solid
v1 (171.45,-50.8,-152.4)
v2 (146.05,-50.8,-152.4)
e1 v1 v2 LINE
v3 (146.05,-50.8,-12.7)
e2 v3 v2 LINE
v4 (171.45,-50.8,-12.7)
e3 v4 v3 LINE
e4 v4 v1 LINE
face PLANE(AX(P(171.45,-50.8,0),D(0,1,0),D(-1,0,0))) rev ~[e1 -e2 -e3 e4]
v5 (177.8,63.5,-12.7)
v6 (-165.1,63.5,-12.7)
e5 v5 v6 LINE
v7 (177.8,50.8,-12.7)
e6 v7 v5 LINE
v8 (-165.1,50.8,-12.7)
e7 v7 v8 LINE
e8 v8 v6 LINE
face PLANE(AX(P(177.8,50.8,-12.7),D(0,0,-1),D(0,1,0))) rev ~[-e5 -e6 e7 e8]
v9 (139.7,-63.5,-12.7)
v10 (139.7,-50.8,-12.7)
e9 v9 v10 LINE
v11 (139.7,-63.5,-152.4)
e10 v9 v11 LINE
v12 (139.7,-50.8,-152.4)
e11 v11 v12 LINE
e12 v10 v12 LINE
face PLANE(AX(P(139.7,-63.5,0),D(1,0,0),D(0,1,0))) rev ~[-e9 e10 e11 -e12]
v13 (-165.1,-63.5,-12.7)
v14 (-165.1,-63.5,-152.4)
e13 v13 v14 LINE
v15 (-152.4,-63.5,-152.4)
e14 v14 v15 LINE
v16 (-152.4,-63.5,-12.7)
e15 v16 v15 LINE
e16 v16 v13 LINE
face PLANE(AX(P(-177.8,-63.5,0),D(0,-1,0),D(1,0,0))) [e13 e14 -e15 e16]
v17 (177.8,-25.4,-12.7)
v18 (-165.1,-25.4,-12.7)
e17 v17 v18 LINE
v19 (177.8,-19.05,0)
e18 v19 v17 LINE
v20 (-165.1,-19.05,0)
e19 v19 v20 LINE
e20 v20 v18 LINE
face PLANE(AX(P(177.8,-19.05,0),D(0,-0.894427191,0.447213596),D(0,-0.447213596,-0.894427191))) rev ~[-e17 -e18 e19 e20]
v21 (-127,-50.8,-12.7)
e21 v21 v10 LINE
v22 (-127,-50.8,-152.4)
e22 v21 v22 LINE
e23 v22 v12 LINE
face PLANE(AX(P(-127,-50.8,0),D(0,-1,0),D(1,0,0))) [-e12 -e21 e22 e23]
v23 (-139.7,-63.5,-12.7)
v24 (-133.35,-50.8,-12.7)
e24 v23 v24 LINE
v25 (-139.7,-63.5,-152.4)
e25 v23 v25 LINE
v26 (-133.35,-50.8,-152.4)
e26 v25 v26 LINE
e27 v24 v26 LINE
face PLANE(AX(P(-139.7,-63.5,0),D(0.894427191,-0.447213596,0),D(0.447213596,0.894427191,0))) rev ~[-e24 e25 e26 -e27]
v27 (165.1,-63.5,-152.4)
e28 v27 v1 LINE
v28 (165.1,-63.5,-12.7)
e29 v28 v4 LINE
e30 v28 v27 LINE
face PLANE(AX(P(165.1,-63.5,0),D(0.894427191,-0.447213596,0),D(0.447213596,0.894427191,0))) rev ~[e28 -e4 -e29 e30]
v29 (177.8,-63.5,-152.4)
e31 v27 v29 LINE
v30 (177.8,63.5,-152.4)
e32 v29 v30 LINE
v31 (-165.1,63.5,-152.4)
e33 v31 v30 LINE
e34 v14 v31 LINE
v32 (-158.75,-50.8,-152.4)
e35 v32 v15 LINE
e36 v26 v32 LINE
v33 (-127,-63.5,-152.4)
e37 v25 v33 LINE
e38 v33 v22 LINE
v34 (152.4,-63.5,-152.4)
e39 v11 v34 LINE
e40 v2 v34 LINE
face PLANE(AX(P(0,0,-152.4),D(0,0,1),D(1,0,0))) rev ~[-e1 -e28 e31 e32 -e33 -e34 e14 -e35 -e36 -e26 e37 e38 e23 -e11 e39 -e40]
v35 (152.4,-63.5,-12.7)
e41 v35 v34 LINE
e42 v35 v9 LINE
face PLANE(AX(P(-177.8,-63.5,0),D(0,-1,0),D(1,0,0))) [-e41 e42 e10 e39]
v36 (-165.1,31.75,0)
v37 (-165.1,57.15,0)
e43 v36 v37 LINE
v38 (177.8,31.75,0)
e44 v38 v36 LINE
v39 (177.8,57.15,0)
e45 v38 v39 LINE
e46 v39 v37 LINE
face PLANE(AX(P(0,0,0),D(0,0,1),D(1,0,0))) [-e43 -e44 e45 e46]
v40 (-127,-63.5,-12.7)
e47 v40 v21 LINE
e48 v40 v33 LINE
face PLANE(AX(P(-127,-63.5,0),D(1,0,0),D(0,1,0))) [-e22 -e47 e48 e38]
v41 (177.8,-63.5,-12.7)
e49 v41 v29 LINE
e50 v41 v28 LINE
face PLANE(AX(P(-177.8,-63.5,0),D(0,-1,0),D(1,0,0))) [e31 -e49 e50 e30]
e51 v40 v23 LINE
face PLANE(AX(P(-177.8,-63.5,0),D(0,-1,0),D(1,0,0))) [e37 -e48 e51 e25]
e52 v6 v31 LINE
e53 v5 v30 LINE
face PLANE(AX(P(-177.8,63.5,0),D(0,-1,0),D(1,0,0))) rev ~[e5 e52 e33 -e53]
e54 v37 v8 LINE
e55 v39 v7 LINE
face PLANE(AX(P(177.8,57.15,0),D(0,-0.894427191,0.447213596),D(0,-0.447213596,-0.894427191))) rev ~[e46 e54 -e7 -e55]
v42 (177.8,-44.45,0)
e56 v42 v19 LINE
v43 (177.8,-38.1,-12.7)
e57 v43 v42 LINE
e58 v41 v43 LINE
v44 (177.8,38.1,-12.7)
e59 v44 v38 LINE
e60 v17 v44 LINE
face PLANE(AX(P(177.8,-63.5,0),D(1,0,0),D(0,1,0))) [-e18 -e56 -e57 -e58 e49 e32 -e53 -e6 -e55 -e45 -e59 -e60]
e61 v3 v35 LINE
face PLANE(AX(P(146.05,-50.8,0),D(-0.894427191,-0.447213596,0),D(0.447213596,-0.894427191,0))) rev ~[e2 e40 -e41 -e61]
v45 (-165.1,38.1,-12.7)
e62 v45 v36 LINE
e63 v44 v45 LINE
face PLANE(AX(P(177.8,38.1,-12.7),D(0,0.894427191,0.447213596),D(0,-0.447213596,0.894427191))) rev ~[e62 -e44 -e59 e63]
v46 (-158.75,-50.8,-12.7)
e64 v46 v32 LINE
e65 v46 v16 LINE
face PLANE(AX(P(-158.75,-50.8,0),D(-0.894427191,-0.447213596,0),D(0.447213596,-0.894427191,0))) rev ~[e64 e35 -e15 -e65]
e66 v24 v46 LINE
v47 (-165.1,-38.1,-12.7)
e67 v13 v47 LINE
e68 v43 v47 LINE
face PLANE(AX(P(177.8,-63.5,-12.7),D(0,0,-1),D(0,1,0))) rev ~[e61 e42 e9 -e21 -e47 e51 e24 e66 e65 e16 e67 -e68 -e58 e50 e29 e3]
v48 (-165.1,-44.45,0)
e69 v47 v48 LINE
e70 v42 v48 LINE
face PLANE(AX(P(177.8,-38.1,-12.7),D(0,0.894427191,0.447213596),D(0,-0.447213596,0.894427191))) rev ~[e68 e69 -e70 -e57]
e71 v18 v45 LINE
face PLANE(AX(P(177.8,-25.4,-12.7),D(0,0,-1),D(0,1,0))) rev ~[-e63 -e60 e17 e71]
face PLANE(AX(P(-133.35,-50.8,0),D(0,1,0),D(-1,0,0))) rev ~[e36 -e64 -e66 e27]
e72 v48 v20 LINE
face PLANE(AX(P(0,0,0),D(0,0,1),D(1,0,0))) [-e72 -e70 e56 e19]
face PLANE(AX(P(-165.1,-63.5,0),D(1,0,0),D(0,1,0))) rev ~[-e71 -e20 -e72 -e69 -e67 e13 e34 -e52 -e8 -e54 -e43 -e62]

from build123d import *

# Parameters (mm, degrees)
F0_W     = 355.6
F0_H     = 127
F1_DEPTH = 152.4
F2_W     = 266.7
F2_H     = 12.7
F3_DEPTH = 152.4
F4_W     = 12.7
F4_H     = 12.7
F4_H_2   = 6.35
F4_H_3   = 38.1
F5_DEPTH = 152.4
F6_W     = 12.7
F6_H     = 12.7
F6_W_2   = 6.35
F6_W_3   = 38.1
F7_DEPTH = 342.9


with BuildPart() as f1:
    # F0 (on Top) → F1 (new body)
    with BuildSketch(Plane.XY):
        Rectangle(F0_W, F0_H)
    extrude(amount=-F1_DEPTH)

    # F2 (on face) → F3 (cut)
    with BuildSketch(Plane.XY):
        Polygon((152.4, -63.5), (165.1, -63.5), (171.45, -50.8), (146.05, -50.8), align=None)
        with Locations((6.35, -57.15)):
            Rectangle(F2_W, F2_H)
        Polygon((-139.7, -63.5), (-133.35, -50.8), (-158.75, -50.8), (-152.4, -63.5), align=None)
    extrude(amount=-F3_DEPTH, mode=Mode.SUBTRACT)

    # F4 (on face) → F5 (cut)
    with BuildSketch(Plane.XY):
        with Locations((-171.45, -57.15)):
            Rectangle(F4_W, F4_H)
        Polygon((-165.1, 57.15), (-177.8, 57.15), (-177.8, 50.8), align=None)
        with Locations((-171.45, 60.325)):
            Rectangle(F4_W, F4_H_2)
        Polygon((-177.8, 31.75), (-165.1, 31.75), (-177.8, 38.1), align=None)
        with Locations((-171.45, 28.575)):
            Rectangle(F4_W, F4_H_2)
        with Locations((-171.45, -15.875)):
            Rectangle(F4_W, F4_H_2)
        Polygon((-177.8, -25.4), (-165.1, -19.05), (-177.8, -19.05), align=None)
        Polygon((-177.8, -44.45), (-165.1, -44.45), (-177.8, -38.1), align=None)
        with Locations((-171.45, -47.625)):
            Rectangle(F4_W, F4_H_2)
        with Locations((-171.45, 6.35)):
            Rectangle(F4_W, F4_H_3)
        Polygon((-165.1, -44.45), (-165.1, -19.05), (-177.8, -25.4), (-177.8, -38.1), align=None)
        Polygon((-165.1, 31.75), (-165.1, 57.15), (-177.8, 50.8), (-177.8, 38.1), align=None)
    extrude(amount=-F5_DEPTH, mode=Mode.SUBTRACT)

    # F6 (on face) → F7 (cut)
    with BuildSketch(Plane.YZ.offset(177.8)):
        with Locations((-57.15, -6.35)):
            Rectangle(F6_W, F6_H)
        with Locations((-47.625, -6.35)):
            Rectangle(F6_W_2, F6_H)
        Polygon((-38.1, -12.7), (-44.45, 0), (-44.45, -12.7), align=None)
        Polygon((-19.05, -12.7), (-19.05, 0), (-25.4, -12.7), align=None)
        with Locations((-15.875, -6.35)):
            Rectangle(F6_W_2, F6_H)
        with Locations((6.35, -6.35)):
            Rectangle(F6_W_3, F6_H)
        with Locations((28.575, -6.35)):
            Rectangle(F6_W_2, F6_H)
        Polygon((38.1, -12.7), (31.75, 0), (31.75, -12.7), align=None)
        Polygon((57.15, -12.7), (57.15, 0), (50.8, -12.7), align=None)
        with Locations((60.325, -6.35)):
            Rectangle(F6_W_2, F6_H)
    extrude(amount=-F7_DEPTH, mode=Mode.SUBTRACT)


solid = f1.part
